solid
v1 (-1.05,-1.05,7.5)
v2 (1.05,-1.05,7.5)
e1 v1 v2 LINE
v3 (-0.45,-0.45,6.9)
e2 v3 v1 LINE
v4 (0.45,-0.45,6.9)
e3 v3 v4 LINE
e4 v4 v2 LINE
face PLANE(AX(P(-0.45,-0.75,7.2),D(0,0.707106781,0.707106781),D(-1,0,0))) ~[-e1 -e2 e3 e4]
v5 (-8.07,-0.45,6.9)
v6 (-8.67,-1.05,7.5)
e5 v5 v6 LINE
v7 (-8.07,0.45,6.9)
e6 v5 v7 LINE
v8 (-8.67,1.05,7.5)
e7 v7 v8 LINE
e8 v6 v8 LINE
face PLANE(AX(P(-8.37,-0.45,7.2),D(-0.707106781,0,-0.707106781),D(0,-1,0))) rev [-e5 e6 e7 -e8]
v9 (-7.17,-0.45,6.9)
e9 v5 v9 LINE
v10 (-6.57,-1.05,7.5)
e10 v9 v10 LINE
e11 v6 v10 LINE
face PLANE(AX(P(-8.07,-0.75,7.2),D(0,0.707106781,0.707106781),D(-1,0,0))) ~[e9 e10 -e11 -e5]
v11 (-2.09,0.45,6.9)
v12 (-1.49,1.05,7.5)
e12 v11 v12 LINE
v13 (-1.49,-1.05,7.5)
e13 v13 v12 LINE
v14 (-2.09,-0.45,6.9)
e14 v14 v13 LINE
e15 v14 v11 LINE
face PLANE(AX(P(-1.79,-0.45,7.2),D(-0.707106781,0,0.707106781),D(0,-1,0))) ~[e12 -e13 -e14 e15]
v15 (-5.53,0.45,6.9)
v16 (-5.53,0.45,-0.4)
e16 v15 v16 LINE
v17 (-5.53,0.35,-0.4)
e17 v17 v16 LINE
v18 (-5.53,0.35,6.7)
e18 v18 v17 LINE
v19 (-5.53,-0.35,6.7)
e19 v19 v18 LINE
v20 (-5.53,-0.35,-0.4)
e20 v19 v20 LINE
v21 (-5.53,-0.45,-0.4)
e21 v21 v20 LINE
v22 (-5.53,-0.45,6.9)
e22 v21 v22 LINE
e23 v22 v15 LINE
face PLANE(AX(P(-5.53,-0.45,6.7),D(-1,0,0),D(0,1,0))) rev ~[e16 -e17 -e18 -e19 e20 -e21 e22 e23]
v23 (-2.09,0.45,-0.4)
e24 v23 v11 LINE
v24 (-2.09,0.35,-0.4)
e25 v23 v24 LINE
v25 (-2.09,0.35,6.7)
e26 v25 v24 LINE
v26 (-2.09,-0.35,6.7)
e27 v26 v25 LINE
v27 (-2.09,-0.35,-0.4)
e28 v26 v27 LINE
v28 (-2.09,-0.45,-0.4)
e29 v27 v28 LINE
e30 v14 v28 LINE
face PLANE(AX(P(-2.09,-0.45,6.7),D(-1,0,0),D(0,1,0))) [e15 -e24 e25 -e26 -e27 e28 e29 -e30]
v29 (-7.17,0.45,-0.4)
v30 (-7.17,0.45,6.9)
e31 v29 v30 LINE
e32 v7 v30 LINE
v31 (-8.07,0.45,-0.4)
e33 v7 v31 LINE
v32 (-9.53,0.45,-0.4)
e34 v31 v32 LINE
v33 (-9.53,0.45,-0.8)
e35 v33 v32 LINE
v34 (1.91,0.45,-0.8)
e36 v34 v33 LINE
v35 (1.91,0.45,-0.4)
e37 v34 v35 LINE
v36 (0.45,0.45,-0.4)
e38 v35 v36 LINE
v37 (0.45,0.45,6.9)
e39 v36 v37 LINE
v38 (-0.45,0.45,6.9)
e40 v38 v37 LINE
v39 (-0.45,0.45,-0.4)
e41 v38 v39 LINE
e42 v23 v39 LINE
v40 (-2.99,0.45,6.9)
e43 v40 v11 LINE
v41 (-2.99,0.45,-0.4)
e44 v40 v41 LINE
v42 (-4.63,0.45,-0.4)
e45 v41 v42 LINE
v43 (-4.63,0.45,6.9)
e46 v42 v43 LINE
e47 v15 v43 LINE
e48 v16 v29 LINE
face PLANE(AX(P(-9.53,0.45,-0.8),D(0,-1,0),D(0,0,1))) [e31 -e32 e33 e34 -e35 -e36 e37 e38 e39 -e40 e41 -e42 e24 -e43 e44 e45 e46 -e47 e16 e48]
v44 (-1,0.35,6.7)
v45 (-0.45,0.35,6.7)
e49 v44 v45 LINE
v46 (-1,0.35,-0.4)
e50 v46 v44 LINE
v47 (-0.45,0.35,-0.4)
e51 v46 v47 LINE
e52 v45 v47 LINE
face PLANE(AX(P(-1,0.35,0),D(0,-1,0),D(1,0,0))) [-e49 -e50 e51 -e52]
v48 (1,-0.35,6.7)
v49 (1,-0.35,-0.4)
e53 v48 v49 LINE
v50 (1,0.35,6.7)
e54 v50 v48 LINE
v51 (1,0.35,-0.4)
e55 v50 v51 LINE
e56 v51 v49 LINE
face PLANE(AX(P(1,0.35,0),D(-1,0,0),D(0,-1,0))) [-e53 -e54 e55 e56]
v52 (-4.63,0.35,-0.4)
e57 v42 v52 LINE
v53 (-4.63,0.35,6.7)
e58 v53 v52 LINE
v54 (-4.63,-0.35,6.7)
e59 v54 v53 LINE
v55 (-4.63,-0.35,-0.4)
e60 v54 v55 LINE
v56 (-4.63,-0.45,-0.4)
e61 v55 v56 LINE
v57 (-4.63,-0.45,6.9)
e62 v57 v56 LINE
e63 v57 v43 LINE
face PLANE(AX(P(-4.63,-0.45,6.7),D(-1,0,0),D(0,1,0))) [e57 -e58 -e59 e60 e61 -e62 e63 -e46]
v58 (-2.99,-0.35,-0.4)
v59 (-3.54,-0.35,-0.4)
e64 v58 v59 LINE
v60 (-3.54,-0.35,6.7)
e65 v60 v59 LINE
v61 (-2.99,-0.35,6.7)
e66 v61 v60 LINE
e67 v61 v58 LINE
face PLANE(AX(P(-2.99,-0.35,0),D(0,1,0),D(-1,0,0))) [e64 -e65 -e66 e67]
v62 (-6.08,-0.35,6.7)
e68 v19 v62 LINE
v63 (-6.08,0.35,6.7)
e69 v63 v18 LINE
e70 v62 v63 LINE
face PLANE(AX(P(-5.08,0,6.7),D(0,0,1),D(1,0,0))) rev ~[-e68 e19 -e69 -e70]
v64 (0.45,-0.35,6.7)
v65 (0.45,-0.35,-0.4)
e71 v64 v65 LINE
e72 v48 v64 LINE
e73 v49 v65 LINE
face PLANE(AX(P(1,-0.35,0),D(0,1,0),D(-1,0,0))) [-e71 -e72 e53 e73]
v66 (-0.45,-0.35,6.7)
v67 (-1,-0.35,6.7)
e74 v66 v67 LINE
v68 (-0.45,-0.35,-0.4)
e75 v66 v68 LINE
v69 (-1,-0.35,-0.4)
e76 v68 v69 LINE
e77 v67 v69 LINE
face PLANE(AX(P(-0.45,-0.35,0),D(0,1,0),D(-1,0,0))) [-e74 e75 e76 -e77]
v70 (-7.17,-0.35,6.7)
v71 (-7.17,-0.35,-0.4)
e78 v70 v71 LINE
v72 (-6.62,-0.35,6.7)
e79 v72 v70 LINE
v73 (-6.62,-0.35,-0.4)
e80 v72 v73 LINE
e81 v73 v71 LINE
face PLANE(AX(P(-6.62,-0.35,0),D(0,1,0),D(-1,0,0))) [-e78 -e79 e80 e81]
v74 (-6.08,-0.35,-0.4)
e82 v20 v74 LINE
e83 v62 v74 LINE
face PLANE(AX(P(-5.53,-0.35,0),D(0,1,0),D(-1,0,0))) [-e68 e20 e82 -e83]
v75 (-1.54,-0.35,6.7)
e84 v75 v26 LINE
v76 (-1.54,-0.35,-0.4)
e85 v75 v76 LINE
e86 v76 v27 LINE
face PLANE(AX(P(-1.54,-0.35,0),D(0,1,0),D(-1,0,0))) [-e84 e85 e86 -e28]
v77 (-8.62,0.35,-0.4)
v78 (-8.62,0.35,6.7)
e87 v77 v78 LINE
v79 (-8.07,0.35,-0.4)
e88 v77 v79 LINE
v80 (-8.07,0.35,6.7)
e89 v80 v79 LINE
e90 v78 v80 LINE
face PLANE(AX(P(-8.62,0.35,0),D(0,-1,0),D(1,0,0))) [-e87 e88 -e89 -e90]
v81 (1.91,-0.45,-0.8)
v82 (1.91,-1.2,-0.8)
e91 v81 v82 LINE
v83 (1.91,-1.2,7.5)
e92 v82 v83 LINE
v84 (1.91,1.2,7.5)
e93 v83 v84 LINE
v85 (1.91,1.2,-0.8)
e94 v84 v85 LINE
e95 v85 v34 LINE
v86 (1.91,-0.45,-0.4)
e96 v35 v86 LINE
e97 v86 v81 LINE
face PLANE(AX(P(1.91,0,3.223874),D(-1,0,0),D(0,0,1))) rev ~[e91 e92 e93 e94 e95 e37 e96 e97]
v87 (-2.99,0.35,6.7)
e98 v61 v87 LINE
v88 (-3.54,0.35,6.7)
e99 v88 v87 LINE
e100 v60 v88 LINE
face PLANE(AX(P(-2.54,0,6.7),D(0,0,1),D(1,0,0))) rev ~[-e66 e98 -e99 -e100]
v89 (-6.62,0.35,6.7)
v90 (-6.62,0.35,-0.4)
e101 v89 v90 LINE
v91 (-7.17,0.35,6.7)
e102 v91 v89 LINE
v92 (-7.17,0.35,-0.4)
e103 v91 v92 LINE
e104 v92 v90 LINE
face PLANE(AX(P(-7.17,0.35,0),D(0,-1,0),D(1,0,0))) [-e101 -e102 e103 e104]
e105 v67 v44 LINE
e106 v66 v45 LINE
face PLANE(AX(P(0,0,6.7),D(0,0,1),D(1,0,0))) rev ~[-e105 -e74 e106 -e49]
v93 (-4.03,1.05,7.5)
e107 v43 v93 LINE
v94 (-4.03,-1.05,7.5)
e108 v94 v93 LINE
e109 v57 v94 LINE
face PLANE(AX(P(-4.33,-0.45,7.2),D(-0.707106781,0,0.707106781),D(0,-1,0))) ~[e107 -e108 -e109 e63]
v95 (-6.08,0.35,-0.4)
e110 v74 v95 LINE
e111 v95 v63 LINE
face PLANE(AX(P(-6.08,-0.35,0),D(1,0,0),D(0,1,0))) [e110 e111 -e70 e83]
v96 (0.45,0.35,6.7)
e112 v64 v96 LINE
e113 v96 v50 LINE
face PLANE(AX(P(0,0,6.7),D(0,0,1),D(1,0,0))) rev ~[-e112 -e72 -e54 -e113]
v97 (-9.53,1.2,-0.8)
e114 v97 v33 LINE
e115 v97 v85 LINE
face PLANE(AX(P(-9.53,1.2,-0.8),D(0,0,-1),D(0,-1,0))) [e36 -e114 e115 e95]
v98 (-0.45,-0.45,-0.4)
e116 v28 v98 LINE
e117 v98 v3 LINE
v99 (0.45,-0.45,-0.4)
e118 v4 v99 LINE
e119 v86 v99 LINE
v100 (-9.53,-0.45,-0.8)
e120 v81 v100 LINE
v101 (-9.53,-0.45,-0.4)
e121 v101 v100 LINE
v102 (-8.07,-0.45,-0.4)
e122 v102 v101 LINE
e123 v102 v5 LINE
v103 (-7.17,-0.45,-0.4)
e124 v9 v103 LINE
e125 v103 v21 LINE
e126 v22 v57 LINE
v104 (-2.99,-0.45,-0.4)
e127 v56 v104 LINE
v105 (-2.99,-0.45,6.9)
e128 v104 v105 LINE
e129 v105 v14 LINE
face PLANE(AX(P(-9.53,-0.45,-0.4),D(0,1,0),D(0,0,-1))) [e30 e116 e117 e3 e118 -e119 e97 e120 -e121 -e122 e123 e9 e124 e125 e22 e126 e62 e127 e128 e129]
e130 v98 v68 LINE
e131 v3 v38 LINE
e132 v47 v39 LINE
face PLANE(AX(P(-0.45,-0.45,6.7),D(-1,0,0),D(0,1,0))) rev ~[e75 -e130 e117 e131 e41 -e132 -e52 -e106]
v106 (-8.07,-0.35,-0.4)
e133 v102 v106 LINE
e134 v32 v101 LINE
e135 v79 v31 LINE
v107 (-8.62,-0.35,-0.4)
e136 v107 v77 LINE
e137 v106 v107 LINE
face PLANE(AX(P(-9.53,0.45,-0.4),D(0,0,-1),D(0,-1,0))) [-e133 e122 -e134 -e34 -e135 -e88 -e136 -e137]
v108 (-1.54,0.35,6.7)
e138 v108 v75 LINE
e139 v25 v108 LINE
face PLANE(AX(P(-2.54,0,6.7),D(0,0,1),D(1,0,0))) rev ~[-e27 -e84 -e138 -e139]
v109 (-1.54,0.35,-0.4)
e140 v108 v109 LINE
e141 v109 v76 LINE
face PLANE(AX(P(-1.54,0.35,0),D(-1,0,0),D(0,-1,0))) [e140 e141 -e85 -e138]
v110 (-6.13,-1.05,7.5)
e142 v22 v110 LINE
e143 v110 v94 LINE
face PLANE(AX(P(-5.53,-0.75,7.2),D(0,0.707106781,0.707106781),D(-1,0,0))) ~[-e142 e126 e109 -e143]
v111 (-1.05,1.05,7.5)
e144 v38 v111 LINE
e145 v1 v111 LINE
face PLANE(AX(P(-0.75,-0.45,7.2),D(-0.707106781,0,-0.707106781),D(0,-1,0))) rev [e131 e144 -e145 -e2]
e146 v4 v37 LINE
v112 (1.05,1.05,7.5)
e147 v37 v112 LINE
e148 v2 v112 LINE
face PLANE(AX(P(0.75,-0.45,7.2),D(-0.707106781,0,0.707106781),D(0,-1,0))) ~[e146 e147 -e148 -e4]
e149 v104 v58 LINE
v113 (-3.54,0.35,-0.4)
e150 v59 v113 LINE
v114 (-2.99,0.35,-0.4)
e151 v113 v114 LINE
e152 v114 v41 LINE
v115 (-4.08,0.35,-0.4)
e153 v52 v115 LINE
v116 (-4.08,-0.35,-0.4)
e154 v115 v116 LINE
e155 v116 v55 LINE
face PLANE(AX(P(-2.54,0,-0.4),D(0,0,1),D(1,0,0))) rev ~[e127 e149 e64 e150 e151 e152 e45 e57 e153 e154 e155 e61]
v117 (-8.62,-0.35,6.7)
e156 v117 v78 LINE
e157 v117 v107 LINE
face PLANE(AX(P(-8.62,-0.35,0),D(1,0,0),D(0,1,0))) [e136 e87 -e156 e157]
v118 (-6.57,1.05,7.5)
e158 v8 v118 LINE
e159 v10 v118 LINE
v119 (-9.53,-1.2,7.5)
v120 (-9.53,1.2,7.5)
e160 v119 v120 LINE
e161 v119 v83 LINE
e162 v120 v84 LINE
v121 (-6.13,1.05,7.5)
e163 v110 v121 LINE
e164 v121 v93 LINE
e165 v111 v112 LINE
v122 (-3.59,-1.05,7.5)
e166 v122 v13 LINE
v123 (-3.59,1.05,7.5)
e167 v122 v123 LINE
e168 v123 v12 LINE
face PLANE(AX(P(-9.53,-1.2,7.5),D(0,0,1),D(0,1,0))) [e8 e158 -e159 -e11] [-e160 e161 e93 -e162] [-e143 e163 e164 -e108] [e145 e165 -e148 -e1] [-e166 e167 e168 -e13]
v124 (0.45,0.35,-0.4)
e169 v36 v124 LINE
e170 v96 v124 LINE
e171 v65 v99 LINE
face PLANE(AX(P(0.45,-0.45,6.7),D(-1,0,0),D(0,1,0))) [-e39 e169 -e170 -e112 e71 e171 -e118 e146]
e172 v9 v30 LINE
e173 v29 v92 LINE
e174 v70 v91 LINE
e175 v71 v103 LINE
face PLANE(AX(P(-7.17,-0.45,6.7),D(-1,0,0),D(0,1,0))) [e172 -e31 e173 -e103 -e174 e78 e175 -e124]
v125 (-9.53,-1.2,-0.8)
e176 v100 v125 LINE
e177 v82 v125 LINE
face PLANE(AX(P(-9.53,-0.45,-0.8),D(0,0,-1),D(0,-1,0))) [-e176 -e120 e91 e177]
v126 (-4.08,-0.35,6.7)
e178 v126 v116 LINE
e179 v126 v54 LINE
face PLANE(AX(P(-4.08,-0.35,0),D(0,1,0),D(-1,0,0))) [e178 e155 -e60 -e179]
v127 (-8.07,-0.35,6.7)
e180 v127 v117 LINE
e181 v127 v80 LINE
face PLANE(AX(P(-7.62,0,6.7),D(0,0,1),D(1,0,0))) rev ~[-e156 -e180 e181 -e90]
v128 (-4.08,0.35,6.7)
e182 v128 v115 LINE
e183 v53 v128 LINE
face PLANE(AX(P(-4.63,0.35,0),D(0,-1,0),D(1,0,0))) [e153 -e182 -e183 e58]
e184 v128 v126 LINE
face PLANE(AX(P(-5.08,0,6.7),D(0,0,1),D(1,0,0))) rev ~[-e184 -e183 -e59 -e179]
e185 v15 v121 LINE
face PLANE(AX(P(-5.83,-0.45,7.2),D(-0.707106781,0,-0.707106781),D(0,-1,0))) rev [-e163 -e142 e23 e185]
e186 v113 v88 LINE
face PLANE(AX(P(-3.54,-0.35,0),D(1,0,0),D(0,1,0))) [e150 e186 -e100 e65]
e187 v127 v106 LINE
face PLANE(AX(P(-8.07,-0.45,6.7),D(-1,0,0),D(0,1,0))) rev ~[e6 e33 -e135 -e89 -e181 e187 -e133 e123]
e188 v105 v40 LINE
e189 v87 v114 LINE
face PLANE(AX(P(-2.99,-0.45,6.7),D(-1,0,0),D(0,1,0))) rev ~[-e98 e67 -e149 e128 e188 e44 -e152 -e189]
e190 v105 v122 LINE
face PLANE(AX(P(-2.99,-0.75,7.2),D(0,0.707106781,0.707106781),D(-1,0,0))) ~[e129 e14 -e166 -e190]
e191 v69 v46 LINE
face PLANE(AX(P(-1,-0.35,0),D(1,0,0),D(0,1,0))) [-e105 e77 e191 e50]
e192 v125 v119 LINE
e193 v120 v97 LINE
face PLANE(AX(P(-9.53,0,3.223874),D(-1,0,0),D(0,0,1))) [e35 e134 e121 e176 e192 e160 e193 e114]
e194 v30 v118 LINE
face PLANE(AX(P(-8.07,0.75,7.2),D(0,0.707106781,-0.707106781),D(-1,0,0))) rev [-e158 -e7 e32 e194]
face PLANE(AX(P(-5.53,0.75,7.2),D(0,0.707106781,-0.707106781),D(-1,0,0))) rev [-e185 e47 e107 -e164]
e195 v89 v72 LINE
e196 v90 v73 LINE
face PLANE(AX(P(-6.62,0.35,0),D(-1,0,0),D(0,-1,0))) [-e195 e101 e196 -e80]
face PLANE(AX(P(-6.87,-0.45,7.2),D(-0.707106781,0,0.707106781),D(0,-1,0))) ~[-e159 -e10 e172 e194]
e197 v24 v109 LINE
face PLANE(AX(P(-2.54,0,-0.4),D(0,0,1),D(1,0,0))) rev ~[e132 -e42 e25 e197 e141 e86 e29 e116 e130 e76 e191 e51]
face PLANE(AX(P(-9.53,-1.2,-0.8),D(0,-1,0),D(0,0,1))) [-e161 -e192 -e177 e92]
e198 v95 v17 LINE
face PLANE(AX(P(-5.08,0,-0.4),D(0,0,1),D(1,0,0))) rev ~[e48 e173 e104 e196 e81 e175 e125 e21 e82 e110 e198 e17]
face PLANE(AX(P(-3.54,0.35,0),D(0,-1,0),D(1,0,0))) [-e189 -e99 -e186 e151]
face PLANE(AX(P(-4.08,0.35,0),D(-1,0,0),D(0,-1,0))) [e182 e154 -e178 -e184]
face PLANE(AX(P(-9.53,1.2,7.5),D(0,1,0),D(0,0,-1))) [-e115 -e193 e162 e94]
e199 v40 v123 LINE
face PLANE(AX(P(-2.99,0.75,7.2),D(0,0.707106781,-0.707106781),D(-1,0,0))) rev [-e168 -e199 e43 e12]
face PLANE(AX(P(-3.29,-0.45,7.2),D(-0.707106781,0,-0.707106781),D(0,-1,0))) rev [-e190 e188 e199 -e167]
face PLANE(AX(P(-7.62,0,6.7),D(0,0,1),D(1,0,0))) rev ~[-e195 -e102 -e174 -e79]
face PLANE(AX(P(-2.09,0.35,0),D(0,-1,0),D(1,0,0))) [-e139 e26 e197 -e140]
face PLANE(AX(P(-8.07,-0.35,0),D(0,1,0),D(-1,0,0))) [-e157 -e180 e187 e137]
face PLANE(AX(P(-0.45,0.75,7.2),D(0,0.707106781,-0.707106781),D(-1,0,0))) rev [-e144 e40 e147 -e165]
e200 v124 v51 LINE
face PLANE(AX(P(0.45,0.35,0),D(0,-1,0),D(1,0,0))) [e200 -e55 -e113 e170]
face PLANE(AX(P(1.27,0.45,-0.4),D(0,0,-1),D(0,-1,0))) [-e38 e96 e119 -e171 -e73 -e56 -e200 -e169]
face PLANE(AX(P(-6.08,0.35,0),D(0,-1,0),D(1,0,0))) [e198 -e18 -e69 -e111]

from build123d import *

# Parameters (mm, degrees)
SKETCH_218_W              = 2.54
SKETCH_218_H              = 2.4
EXTRUDE_695_DEPTH         = 6.7
EXTRUDE_695_DEPTH_BACK    = 0.4
SKETCH_749_W              = 2.54
SKETCH_749_H              = 0.75
EXTRUDE_1128_DEPTH        = 0.4
SKETCH_1182_W             = 2.54
SKETCH_1182_H             = 2.4
SKETCH_1182_W_2           = 0.9
SKETCH_1182_H_2           = 0.9
EXTRUDE_1467_DEPTH        = 0.8
CHAMFER_1528_SIZE         = 0.6
PATTERN_LINEAR_1654_COUNT = 4
PATTERN_LINEAR_1654_PITCH = 2.54
EXTRUDE_1_DEPTH           = 0.64
EXTRUDE_START             = -10.8
EXTRUDE_2_DEPTH           = 0.64


with BuildPart() as part:
    # Sketch 218 → Extrude 695 (new body, two sides)
    with BuildSketch(Plane.XY) as extrude_695_sk:
        Rectangle(SKETCH_218_W, SKETCH_218_H)
        Polygon((-1, 0.35), (-0.45, 0.35), (-0.45, 0.45), (0.45, 0.45), (0.45, 0.35), (1, 0.35), (1, -0.35), (0.45, -0.35), (0.45, -0.45), (-0.45, -0.45), (-0.45, -0.35), (-1, -0.35), align=None, mode=Mode.SUBTRACT)
    extrude(amount=EXTRUDE_695_DEPTH)
    extrude(extrude_695_sk.sketch, amount=-EXTRUDE_695_DEPTH_BACK)

    # Sketch 749 → Extrude 1128 (add)
    with BuildSketch(Plane(origin=(0, 0, -0.4), x_dir=(-1, 0, 0), z_dir=(0, 0, -1))):
        with Locations((0, -0.825)):
            Rectangle(SKETCH_749_W, SKETCH_749_H)
        with Locations((0, 0.825)):
            Rectangle(SKETCH_749_W, SKETCH_749_H)
    extrude(amount=EXTRUDE_1128_DEPTH)

    # Sketch 1182 → Extrude 1467 (add)
    with BuildSketch(Plane.XY.offset(6.7)):
        Rectangle(SKETCH_1182_W, SKETCH_1182_H)
        Rectangle(SKETCH_1182_W_2, SKETCH_1182_H_2, mode=Mode.SUBTRACT)
    extrude(amount=EXTRUDE_1467_DEPTH)

    # Chamfer 1528
    chamfer_1528_edges = [part.edges().sort_by_distance(p)[0] for p in [
        (0.45, 0, 7.5),
        (0, 0.45, 7.5),
        (-0.45, 0, 7.5),
        (0, -0.45, 7.5),
    ]]
    chamfer(chamfer_1528_edges, length=CHAMFER_1528_SIZE)


with BuildPart() as pattern_linear_1654_1:
    # Pattern Linear 1654: pattern copy
    add(part.part.moved(Location(Vector(-1, 0, 0) * (1 * PATTERN_LINEAR_1654_PITCH))))


with BuildPart() as pattern_linear_1654_2:
    # Pattern Linear 1654: pattern copy
    add(part.part.moved(Location(Vector(-1, 0, 0) * (2 * PATTERN_LINEAR_1654_PITCH))))


with BuildPart() as pattern_linear_1654_3:
    # Pattern Linear 1654: pattern copy
    add(part.part.moved(Location(Vector(-1, 0, 0) * (3 * PATTERN_LINEAR_1654_PITCH))))


with BuildPart() as part_1:
    add(part.part)

    # Combine 1770: union Pattern Linear 1654_3, Pattern Linear 1654_2, Pattern Linear 1654_1
    add(pattern_linear_1654_3.part)
    add(pattern_linear_1654_2.part)
    add(pattern_linear_1654_1.part)

    # Sketch 2578 → Бобышка-БоковаяНакладка1 (add)
    with BuildSketch(Plane(origin=(1.27, 0, 0), x_dir=(0, 0, -1), z_dir=(1, 0, 0))):
        Polygon((0.8, 1.2), (0.8, 0.45), (0.4, 0.45), (0.4, -0.45), (0.8, -0.45), (0.8, -1.2), (-7.5, -1.2), (-7.5, 1.2), align=None)
    extrude(amount=EXTRUDE_1_DEPTH)

    # Эскиз-БоковаяНакладка<2> → Бобышка-БоковаяНакладка2 (add)
    with BuildSketch(Plane(origin=(1.27, 0, 0), x_dir=(0, 0, -1), z_dir=(1, 0, 0)).offset(EXTRUDE_START)):
        Polygon((0.8, 1.2), (0.8, 0.45), (0.4, 0.45), (0.4, -0.45), (0.8, -0.45), (0.8, -1.2), (-7.5, -1.2), (-7.5, 1.2), align=None)
    extrude(amount=EXTRUDE_2_DEPTH)


solid = part_1.part
